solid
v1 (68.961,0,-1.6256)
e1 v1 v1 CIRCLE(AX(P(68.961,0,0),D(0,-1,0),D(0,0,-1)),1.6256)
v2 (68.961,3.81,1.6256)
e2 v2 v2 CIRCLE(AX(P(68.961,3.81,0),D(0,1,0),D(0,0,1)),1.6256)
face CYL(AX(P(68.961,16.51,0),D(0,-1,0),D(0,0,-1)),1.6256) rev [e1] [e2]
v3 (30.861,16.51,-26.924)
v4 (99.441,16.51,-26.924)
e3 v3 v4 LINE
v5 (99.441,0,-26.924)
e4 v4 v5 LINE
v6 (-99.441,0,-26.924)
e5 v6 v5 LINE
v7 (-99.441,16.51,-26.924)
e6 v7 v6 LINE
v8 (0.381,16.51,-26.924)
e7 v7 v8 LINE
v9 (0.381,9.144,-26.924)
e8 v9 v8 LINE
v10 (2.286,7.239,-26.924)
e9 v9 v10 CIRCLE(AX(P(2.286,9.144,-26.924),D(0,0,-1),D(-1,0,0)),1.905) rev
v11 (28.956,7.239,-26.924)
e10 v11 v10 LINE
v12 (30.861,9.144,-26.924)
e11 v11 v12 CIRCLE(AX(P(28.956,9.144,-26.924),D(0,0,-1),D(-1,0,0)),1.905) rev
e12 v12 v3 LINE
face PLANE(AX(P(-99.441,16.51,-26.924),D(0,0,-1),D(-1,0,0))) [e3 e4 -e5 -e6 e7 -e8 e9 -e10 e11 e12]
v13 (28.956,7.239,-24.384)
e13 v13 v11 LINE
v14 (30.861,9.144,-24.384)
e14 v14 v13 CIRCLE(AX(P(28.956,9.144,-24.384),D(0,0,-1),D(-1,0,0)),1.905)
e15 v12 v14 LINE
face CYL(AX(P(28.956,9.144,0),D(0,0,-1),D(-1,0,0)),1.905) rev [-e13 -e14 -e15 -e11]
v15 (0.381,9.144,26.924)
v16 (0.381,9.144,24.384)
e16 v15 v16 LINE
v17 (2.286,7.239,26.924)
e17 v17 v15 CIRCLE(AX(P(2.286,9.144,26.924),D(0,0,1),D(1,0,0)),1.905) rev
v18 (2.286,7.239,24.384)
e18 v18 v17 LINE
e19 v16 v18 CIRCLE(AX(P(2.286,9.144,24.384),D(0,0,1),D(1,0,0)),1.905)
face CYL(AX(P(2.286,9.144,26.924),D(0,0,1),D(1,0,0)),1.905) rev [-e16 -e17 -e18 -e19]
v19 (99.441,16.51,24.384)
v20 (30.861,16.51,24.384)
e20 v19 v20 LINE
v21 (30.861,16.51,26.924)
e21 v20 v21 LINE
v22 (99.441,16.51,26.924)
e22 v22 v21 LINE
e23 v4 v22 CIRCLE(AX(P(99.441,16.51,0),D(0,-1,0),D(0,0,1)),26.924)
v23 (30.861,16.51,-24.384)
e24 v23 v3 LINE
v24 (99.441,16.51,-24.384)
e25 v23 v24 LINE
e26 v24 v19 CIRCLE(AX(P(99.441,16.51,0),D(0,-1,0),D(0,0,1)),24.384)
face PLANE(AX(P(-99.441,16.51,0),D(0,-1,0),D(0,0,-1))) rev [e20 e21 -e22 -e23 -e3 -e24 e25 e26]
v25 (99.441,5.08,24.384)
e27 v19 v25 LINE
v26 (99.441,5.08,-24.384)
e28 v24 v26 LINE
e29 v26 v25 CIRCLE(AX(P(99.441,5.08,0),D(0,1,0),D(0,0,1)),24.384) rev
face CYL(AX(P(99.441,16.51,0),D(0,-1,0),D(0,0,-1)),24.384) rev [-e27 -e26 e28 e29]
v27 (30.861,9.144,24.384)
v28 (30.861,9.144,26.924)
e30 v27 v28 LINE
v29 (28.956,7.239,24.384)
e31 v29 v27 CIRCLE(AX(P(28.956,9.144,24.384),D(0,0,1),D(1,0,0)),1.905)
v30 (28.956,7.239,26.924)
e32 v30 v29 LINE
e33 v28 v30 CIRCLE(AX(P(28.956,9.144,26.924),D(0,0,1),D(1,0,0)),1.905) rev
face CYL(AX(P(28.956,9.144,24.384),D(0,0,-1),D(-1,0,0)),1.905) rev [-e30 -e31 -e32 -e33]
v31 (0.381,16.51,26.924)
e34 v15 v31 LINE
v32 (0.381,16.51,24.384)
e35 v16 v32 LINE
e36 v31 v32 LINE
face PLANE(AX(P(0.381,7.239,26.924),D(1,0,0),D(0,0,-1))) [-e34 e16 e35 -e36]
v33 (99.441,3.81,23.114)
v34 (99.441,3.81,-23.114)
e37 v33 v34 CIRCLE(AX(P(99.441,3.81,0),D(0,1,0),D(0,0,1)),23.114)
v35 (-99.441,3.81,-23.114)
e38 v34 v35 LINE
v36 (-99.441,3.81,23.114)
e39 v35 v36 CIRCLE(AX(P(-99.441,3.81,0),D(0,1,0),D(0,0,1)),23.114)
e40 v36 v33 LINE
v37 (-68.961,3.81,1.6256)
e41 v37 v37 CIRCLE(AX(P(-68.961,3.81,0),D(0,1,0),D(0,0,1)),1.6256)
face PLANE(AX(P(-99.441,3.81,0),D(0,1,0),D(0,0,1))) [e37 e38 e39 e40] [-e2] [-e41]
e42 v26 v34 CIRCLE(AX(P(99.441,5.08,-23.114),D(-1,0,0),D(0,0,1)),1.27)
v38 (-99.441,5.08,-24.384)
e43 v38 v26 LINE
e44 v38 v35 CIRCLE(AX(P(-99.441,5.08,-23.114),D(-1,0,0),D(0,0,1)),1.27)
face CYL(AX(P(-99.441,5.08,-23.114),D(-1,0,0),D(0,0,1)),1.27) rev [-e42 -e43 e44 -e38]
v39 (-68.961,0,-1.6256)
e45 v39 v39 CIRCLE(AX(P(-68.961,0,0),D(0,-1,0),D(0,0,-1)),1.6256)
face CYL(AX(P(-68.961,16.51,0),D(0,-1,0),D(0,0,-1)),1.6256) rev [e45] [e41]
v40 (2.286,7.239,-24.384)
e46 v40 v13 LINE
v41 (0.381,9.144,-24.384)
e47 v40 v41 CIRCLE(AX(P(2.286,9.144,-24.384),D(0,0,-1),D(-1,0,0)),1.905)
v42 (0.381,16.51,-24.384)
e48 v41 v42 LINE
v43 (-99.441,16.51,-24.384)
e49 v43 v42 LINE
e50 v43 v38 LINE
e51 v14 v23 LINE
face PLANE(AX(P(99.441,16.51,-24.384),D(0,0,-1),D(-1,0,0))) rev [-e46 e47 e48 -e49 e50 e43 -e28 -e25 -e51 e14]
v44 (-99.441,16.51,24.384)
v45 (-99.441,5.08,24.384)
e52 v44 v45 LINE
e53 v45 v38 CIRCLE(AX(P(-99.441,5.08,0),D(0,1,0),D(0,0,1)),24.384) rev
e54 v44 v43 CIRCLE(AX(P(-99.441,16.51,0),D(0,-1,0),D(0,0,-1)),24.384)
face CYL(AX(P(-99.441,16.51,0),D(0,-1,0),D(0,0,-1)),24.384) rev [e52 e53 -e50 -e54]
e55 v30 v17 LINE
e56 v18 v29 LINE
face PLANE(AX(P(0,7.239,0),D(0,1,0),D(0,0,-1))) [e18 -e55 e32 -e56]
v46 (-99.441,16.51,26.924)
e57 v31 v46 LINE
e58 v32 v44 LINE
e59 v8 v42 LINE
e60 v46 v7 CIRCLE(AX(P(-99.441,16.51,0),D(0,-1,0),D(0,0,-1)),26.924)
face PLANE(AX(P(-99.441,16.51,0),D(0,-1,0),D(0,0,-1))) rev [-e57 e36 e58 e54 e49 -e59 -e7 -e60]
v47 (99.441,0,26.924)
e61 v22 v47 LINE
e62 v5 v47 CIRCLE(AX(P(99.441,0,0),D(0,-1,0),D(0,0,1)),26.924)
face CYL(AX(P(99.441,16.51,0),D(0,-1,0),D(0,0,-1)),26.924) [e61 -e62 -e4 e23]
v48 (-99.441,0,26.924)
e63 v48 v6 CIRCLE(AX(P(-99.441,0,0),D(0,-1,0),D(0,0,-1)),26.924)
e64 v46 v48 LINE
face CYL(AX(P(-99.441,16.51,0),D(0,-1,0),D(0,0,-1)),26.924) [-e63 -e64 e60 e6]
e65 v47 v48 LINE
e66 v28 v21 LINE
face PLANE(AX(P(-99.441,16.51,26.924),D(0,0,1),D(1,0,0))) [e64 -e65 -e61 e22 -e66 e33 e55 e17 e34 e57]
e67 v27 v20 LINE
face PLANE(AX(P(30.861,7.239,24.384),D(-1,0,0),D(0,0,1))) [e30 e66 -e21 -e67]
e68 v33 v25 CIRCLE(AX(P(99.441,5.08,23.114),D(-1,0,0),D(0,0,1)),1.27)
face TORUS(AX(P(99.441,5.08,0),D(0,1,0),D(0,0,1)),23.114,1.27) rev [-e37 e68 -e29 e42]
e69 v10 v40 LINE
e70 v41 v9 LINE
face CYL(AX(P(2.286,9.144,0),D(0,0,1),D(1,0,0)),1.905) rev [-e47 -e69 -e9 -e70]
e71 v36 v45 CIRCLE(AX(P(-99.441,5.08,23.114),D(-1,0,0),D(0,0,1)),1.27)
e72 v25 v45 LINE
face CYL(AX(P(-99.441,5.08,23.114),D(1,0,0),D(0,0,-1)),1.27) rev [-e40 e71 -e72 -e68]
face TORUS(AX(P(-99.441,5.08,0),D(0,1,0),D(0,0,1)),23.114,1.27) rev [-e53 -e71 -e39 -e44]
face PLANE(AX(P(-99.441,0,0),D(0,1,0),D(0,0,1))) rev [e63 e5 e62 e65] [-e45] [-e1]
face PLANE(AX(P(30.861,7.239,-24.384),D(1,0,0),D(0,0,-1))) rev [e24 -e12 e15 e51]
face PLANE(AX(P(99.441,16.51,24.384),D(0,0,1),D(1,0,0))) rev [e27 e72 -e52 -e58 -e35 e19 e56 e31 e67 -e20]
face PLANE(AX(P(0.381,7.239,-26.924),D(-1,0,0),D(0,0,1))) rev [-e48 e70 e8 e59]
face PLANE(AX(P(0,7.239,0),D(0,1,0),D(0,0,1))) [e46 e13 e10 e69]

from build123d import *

# Parameters (mm, degrees)
MAINBLOCK_DEPTH               = 3.81
BOSS_EXTRUDE1_DEPTH           = 16.51
SKETCH3_R                     = 1.6256
CUT_EXTRUDE1_DEPTH            = 131.252044518
FILLET1_R                     = 1.27
SKETCH4_W                     = 30.48
SKETCH4_H                     = 2.54
STABILIZER_MOUNT_CUTOUT_DEPTH = 9.271
FILLET2_R                     = 1.905


with BuildPart() as part:
    # Sketch1 → MainBlock (new body)
    with BuildSketch(Plane(origin=(0, 0, 0), x_dir=(1, 0, 0), z_dir=(0, 1, 0))):
        with BuildLine():
            Line((-99.441, 24.384), (99.441, 24.384))
            ThreePointArc((99.441, 24.384), (123.825, 0), (99.441, -24.384))
            Line((99.441, -24.384), (-99.441, -24.384))
            ThreePointArc((-99.441, -24.384), (-123.825, 0), (-99.441, 24.384))
        make_face()
    extrude(amount=MAINBLOCK_DEPTH)

    # Sketch2 → Boss-Extrude1 (add)
    with BuildSketch(Plane.XZ):
        with BuildLine():
            Line((-99.441, 26.924), (99.441, 26.924))
            ThreePointArc((99.441, 26.924), (126.365, 0), (99.441, -26.924))
            Line((99.441, -26.924), (-99.441, -26.924))
            ThreePointArc((-99.441, -26.924), (-126.365, 0), (-99.441, 26.924))
        make_face()
        with BuildLine():
            Line((99.441, 24.384), (-99.441, 24.384))
            ThreePointArc((-99.441, 24.384), (-123.825, 0), (-99.441, -24.384))
            Line((-99.441, -24.384), (99.441, -24.384))
            ThreePointArc((99.441, -24.384), (123.825, 0), (99.441, 24.384))
        make_face(mode=Mode.SUBTRACT)
    extrude(amount=-BOSS_EXTRUDE1_DEPTH)

    # Sketch3 → Cut-Extrude1 (cut, through all)
    with BuildSketch(Plane.XZ):
        with Locations(Location((-68.961, 0, 0), (0, 0, 270))):
            Circle(SKETCH3_R)
        with Locations(Location((68.961, 0, 0), (0, 0, 270))):
            Circle(SKETCH3_R)
    extrude(amount=-CUT_EXTRUDE1_DEPTH, mode=Mode.SUBTRACT)

    # Fillet1
    fillet1_edges = [part.edges().sort_by_distance(p)[0] for p in [
        (123.825, 3.81, 0),
        (0, 3.81, -24.384),
        (-123.825, 3.81, 0),
        (0, 3.81, 24.384),
    ]]
    fillet(fillet1_edges, radius=FILLET1_R)

    # Sketch4 → Stabilizer-Mount-Cutout (cut)
    with BuildSketch(Plane(origin=(0, 16.51, 0), x_dir=(1, 0, 0), z_dir=(0, 1, 0))):
        with Locations((15.621, 25.654)):
            Rectangle(SKETCH4_W, SKETCH4_H)
    stabilizer_mount_cutout = extrude(amount=-STABILIZER_MOUNT_CUTOUT_DEPTH, mode=Mode.SUBTRACT)

    # Mirror1: Stabilizer-Mount-Cutout across plane
    add(stabilizer_mount_cutout.mirror(Plane.XY), mode=Mode.SUBTRACT)

    # Fillet2
    fillet2_edges = [part.edges().sort_by_distance(p)[0] for p in [
        (30.861, 7.239, -25.654),
        (0.381, 7.239, -25.654),
        (0.381, 7.239, 25.654),
        (30.861, 7.239, 25.654),
    ]]
    fillet(fillet2_edges, radius=FILLET2_R)


solid = part.part
